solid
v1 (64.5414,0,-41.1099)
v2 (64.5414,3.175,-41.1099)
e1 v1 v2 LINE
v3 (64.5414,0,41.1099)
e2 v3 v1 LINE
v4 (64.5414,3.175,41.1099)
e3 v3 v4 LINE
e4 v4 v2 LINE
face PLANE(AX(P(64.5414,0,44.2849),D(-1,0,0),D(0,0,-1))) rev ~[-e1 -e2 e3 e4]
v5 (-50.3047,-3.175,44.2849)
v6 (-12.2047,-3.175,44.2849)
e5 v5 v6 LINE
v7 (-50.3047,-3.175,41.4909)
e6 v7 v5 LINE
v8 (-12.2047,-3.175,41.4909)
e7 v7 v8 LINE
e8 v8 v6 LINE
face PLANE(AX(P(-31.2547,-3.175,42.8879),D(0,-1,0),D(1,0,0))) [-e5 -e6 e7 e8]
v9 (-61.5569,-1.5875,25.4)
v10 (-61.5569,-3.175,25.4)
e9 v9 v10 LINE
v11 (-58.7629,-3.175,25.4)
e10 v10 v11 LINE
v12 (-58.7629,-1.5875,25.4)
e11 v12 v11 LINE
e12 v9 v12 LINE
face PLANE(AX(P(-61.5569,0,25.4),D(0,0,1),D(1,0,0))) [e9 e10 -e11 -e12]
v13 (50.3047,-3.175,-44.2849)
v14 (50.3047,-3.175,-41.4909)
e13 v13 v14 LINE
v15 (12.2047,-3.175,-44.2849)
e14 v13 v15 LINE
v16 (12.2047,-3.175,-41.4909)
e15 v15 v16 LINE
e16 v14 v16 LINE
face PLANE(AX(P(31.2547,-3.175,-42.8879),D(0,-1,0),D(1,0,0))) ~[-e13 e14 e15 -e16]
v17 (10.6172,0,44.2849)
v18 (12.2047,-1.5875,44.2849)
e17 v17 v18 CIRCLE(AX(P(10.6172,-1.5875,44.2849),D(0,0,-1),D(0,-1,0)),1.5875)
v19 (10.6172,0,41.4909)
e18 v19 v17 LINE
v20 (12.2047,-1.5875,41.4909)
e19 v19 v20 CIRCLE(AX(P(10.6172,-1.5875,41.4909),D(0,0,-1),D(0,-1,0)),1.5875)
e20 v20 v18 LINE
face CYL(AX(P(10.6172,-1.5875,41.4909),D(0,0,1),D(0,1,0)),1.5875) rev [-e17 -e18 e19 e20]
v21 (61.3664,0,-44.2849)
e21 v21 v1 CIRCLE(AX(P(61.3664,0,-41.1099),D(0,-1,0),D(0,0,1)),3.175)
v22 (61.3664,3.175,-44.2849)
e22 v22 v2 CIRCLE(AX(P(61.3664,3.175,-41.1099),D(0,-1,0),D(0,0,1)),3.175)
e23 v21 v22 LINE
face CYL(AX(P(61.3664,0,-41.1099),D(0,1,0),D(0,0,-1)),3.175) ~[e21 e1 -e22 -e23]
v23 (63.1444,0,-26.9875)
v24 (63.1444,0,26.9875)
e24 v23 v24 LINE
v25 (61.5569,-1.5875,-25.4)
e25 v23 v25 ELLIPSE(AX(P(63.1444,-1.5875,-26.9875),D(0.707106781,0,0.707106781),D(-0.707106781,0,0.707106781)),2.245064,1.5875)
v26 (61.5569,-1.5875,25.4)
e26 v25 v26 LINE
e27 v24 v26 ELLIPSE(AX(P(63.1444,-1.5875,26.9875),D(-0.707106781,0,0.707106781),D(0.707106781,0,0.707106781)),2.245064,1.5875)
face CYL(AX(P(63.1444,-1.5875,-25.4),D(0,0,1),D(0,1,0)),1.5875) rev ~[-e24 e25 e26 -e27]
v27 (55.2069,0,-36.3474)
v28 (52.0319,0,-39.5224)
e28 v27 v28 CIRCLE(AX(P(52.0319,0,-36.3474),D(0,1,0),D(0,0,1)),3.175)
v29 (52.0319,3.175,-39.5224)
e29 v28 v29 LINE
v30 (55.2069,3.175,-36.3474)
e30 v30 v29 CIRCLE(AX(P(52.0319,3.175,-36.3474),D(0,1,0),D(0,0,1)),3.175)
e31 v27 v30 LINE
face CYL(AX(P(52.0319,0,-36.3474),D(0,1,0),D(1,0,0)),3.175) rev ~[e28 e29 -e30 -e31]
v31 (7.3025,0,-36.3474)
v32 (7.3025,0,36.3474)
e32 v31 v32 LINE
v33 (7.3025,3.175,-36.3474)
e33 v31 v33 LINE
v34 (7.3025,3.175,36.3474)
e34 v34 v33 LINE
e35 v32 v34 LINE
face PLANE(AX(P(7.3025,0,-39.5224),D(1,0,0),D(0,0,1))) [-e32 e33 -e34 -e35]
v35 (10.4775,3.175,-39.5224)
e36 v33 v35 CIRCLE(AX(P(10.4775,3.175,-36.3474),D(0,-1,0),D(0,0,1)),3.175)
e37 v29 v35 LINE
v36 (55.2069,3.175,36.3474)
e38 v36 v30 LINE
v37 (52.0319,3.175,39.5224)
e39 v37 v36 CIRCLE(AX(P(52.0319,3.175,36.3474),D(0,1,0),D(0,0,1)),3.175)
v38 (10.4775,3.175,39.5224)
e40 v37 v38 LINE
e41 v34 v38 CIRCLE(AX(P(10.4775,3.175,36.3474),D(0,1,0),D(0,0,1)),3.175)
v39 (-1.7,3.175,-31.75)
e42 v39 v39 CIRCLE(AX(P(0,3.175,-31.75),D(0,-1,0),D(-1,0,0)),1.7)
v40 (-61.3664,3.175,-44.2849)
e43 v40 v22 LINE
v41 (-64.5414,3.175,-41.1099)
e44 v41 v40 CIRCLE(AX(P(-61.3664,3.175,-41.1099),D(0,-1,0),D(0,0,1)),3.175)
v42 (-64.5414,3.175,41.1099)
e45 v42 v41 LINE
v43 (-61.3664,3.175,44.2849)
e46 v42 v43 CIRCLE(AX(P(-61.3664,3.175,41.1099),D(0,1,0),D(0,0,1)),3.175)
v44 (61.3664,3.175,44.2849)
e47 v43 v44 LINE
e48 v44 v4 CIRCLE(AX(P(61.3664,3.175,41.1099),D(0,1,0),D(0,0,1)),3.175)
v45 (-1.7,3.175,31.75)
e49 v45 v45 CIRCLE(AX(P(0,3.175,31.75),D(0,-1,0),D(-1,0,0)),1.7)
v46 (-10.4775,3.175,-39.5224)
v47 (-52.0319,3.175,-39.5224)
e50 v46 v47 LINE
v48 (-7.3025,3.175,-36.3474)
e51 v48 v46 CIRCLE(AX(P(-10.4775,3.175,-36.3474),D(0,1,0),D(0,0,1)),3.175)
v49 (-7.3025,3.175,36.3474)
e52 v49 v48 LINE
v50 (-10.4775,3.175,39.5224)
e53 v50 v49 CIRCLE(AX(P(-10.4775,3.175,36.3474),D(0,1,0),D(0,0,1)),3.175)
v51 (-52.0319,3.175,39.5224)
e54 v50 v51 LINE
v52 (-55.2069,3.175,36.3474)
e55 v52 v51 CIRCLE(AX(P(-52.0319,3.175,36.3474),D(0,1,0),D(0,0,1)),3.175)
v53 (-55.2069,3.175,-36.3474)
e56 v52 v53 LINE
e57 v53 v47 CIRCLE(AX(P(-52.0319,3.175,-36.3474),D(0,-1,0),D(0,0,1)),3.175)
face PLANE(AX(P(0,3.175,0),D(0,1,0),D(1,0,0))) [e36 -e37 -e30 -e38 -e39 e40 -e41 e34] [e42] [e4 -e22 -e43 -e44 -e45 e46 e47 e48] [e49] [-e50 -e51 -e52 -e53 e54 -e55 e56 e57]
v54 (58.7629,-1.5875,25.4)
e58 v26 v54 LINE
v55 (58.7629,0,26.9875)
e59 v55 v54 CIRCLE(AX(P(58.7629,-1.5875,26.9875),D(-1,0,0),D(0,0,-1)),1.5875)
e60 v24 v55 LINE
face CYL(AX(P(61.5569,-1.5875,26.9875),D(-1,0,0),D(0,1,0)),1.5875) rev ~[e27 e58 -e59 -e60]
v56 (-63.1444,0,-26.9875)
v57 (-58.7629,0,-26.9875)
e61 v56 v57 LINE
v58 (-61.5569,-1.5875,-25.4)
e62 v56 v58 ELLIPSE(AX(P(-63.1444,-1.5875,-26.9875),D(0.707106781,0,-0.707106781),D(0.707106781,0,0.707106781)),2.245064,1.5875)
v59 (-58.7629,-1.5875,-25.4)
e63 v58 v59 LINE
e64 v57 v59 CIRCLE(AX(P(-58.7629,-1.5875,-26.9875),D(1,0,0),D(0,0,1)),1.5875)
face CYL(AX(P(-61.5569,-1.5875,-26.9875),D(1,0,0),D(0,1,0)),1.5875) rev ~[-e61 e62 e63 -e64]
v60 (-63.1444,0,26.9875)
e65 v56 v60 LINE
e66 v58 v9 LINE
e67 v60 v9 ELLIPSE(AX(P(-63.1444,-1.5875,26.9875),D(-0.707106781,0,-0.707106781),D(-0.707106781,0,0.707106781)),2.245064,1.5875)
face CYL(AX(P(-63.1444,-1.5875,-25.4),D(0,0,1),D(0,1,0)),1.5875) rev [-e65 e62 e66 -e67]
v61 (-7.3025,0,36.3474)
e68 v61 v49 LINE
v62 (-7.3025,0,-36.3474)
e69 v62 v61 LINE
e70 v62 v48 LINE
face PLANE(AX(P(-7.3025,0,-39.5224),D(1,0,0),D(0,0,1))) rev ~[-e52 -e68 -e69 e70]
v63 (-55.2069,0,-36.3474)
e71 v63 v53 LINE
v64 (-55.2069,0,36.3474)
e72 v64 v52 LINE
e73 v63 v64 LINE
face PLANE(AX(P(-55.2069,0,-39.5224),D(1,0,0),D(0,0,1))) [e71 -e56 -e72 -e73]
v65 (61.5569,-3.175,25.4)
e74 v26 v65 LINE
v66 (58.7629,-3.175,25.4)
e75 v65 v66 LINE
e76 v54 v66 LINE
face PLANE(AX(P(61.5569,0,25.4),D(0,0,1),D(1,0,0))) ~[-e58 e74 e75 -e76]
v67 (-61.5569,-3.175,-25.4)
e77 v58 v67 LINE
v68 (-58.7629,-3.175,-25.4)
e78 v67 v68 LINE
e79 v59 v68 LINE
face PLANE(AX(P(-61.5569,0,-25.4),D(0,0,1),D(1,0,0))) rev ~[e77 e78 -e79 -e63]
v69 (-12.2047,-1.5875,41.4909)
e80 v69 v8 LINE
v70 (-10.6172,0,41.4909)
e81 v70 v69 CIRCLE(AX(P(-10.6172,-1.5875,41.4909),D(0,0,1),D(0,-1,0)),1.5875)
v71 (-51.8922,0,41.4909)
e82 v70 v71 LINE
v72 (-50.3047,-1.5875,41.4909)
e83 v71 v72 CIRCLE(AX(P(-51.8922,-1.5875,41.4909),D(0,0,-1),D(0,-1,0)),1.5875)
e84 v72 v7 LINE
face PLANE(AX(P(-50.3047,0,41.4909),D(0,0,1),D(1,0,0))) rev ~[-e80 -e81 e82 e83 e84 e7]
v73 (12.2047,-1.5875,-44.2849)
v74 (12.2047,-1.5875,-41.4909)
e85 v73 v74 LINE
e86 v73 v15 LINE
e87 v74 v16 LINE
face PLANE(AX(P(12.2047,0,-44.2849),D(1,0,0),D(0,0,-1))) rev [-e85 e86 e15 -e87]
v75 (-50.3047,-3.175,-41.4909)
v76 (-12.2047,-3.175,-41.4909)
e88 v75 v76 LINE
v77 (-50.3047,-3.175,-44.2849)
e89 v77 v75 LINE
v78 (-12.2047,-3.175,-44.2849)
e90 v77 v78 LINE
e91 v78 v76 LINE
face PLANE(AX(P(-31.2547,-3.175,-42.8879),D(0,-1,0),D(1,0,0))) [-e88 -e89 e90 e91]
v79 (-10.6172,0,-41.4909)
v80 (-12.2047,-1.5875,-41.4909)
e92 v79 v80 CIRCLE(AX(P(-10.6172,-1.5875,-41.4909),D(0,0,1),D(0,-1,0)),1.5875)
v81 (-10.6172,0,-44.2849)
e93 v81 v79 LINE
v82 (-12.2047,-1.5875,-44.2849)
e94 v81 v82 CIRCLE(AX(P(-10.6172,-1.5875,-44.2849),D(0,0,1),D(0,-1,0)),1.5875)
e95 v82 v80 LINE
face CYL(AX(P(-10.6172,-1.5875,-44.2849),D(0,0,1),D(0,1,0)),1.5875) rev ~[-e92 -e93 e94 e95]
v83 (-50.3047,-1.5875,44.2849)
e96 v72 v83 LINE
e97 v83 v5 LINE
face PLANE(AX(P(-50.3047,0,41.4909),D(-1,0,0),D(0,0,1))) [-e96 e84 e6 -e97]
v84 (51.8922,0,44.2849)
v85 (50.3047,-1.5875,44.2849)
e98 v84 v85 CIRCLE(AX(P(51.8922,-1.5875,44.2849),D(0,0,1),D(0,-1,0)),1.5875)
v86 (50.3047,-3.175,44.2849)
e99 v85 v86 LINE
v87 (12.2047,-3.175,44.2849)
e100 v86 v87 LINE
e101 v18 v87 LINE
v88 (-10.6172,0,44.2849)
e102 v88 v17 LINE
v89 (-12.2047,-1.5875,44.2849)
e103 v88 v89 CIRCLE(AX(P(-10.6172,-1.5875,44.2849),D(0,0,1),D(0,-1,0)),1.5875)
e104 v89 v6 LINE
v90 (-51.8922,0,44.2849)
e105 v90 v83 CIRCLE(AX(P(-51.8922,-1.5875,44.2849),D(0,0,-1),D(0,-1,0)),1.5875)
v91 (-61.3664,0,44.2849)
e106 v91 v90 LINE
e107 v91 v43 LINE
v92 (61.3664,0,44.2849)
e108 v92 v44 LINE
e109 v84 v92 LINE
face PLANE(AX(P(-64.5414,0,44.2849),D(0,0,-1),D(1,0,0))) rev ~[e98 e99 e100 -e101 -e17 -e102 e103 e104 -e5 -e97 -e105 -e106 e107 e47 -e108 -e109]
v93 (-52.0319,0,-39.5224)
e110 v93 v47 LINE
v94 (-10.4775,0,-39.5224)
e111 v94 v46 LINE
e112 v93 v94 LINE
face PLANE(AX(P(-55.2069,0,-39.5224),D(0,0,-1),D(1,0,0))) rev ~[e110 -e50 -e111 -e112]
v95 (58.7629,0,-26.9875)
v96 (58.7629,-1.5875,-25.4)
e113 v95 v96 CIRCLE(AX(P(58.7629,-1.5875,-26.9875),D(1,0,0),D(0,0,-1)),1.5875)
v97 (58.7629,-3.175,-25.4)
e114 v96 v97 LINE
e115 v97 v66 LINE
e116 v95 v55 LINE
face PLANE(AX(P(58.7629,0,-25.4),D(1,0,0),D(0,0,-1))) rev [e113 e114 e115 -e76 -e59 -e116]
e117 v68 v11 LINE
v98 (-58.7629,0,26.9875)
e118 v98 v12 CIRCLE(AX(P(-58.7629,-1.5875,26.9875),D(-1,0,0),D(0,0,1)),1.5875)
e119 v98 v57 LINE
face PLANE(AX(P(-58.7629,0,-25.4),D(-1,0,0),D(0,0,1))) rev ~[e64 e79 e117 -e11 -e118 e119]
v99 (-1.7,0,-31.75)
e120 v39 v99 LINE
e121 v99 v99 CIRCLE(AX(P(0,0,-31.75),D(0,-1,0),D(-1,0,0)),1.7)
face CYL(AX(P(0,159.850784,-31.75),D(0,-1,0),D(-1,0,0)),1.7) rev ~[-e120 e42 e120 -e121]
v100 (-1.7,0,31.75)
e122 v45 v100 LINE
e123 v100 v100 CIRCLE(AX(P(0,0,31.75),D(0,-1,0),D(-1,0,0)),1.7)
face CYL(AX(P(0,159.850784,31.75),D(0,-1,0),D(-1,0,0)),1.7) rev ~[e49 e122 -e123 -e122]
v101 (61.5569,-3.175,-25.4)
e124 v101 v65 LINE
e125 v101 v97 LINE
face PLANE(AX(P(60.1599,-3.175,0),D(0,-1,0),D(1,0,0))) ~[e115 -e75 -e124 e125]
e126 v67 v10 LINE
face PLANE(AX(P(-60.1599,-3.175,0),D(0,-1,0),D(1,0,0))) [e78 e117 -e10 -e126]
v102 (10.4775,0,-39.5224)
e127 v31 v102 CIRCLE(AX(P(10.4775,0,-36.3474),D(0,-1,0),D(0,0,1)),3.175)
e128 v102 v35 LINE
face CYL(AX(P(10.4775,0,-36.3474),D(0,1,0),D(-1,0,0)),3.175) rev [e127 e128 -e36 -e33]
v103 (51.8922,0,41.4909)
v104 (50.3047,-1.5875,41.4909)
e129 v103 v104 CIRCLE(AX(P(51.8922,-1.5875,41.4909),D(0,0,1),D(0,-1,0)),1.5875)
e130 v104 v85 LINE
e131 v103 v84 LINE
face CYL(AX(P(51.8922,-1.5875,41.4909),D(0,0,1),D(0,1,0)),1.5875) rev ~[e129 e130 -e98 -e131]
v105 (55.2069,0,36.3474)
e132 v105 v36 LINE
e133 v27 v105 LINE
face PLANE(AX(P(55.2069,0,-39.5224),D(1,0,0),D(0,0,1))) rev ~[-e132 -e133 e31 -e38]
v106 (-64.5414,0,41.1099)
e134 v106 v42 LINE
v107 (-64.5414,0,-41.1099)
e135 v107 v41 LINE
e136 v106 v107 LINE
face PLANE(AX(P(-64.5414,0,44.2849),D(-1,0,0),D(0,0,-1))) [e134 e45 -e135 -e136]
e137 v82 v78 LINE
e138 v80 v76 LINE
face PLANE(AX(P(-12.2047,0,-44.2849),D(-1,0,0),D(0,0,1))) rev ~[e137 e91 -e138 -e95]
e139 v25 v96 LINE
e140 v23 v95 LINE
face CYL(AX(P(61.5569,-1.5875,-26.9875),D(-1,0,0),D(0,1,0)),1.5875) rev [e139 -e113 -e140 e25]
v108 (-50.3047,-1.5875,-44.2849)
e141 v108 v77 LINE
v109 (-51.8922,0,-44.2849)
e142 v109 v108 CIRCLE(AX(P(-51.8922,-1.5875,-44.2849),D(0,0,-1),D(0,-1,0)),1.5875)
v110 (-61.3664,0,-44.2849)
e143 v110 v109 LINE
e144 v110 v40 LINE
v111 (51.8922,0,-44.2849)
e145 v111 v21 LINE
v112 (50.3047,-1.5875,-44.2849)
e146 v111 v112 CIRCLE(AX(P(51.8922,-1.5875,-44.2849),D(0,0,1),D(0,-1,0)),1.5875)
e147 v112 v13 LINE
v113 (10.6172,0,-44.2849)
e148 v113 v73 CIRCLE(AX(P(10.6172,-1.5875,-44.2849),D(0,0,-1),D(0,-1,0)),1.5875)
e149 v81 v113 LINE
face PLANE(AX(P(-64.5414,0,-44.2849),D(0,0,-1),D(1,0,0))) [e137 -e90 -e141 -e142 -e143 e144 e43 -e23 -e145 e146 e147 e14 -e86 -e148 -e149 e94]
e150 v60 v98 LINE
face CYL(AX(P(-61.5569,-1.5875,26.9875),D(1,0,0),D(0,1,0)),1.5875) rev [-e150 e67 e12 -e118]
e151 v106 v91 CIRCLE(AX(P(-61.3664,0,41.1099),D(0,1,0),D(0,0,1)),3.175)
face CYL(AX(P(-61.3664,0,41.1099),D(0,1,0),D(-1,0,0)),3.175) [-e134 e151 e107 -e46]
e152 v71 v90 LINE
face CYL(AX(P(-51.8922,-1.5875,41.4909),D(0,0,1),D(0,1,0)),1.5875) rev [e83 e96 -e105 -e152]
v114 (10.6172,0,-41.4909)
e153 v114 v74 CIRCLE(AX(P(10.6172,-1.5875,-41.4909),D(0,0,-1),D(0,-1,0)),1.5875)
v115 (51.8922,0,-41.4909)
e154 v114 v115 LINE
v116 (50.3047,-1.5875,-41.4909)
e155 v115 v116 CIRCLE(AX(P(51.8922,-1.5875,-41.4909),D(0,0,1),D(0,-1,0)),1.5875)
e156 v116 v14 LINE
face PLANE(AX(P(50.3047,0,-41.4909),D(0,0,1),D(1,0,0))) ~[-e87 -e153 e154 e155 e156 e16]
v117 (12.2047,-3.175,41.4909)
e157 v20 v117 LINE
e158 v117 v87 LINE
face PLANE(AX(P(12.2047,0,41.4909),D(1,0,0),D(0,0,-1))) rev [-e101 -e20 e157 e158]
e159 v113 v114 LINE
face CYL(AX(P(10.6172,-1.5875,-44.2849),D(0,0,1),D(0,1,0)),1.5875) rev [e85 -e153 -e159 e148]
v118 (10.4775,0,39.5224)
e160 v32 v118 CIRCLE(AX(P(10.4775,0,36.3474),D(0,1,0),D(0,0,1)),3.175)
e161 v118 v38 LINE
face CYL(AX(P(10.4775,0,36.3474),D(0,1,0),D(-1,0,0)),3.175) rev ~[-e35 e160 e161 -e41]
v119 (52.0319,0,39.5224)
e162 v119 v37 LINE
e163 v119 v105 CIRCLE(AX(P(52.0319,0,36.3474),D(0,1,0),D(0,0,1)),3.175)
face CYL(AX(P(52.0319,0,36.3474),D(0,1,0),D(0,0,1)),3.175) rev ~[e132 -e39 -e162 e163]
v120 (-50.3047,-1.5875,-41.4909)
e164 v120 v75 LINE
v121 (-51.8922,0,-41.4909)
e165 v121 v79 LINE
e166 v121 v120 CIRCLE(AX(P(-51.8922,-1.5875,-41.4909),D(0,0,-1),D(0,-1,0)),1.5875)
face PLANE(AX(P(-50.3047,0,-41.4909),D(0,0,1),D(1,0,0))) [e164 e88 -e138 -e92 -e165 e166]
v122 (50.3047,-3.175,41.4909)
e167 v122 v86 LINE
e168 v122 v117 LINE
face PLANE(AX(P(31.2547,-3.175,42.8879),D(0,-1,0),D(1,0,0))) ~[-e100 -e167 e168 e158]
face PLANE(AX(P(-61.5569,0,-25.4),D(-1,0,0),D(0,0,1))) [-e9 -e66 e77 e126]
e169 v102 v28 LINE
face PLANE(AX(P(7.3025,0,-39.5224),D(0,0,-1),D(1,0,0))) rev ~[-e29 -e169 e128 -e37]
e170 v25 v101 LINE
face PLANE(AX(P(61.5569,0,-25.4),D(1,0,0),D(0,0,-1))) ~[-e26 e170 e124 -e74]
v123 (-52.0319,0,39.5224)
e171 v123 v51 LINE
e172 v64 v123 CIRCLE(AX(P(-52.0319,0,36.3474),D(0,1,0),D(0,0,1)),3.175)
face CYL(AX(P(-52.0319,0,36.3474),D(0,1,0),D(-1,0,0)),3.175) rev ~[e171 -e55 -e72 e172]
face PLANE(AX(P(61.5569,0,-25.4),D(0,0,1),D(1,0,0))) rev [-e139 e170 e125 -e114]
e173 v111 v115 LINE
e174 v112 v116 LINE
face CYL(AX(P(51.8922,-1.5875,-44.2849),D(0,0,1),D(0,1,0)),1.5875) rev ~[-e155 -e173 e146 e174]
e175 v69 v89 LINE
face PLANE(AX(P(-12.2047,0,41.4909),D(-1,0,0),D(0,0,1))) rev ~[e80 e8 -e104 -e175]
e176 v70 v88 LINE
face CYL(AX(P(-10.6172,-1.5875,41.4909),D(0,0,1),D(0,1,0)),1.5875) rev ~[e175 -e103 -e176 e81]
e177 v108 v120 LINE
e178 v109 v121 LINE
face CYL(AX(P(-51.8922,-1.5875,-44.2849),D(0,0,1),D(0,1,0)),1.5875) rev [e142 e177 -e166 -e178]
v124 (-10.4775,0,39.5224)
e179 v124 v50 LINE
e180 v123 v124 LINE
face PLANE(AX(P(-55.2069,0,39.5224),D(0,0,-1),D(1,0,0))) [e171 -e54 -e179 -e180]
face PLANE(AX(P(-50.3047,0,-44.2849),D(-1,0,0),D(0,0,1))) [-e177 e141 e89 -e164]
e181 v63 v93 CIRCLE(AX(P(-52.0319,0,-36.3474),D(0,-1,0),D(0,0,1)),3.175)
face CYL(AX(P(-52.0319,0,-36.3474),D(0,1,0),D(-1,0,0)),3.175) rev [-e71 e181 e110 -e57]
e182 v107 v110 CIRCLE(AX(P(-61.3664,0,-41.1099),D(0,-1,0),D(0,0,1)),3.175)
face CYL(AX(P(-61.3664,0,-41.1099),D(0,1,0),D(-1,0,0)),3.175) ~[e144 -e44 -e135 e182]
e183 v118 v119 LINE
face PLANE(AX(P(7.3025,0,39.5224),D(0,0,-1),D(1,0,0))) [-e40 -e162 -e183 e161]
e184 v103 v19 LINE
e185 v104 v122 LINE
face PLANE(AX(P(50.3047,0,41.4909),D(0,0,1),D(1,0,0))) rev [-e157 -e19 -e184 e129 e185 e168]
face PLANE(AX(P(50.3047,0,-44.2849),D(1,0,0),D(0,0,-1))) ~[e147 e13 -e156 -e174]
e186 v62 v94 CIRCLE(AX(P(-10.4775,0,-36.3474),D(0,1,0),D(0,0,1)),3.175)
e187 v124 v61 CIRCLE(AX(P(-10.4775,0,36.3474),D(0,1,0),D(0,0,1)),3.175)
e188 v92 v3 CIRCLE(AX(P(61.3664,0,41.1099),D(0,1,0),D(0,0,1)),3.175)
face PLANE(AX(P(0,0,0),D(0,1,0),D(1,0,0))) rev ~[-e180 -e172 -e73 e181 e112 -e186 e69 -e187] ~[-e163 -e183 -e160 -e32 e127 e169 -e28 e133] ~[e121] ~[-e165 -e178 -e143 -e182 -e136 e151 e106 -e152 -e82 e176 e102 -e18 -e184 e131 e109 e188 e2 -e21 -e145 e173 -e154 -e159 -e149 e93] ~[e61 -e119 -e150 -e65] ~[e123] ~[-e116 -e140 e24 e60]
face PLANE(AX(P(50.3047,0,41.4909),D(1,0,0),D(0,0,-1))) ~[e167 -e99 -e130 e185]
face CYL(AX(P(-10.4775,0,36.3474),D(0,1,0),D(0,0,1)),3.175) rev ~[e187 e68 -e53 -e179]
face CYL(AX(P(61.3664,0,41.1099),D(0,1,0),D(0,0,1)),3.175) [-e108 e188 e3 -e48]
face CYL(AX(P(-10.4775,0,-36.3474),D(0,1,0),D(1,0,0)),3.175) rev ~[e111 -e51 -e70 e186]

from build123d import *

# Parameters (mm, degrees)
SKETCH1_W            = 129.0828
SKETCH1_H            = 88.5698
BOSS_EXTRUDE1_DEPTH  = 3.175
SKETCH3_W            = 47.9044
SKETCH3_H            = 79.0448
CUT_EXTRUDE1_DEPTH   = 4.175
FILLET1_R            = 3.175
SKETCH5_W            = 38.1
SKETCH5_H            = 2.794
SKETCH5_W_2          = 2.794
SKETCH5_H_2          = 50.8
BOSS_EXTRUDE2_DEPTH  = 3.175
FILLET2_R            = 1.5875
FILLET2_OF_MIRROR1_R = 1.5875
M3_CLEARANCE_HOLE1_D = 3.4


with BuildPart() as part:
    # Sketch1 → Boss-Extrude1 (new body)
    with BuildSketch(Plane(origin=(0, 0, 0), x_dir=(1, 0, 0), z_dir=(0, 1, 0))):
        Rectangle(SKETCH1_W, SKETCH1_H)
    extrude(amount=BOSS_EXTRUDE1_DEPTH)

    # Sketch3 → Cut-Extrude1 (cut, through all)
    with BuildSketch(Plane.XZ):
        with Locations((-31.2547, 0)):
            Rectangle(SKETCH3_W, SKETCH3_H)
        with Locations((31.2547, 0)):
            Rectangle(SKETCH3_W, SKETCH3_H)
    extrude(amount=-CUT_EXTRUDE1_DEPTH, mode=Mode.SUBTRACT)

    # Fillet1
    fillet1_edges = [part.edges().sort_by_distance(p)[0] for p in [
        (-7.3025, 1.5875, -39.5224),
        (-55.2069, 1.5875, -39.5224),
        (-55.2069, 1.5875, 39.5224),
        (-7.3025, 1.5875, 39.5224),
        (55.2069, 1.5875, -39.5224),
        (7.3025, 1.5875, -39.5224),
        (7.3025, 1.5875, 39.5224),
        (55.2069, 1.5875, 39.5224),
        (-64.5414, 1.5875, -44.2849),
        (64.5414, 1.5875, -44.2849),
        (64.5414, 1.5875, 44.2849),
        (-64.5414, 1.5875, 44.2849),
    ]]
    fillet(fillet1_edges, radius=FILLET1_R)

    # Sketch5 → Boss-Extrude2 (add)
    with BuildSketch(Plane.XZ):
        with Locations((-31.2547, 42.8879)):
            Rectangle(SKETCH5_W, SKETCH5_H)
        with Locations((-60.1599, 0)):
            Rectangle(SKETCH5_W_2, SKETCH5_H_2)
        with Locations((-31.2547, -42.8879)):
            Rectangle(SKETCH5_W, SKETCH5_H)
    boss_extrude2 = extrude(amount=BOSS_EXTRUDE2_DEPTH)

    # Fillet2
    fillet2_edges = [part.edges().sort_by_distance(p)[0] for p in [
        (-50.3047, 0, 42.8879),
        (-12.2047, 0, 42.8879),
        (-61.5569, 0, 0),
        (-60.1599, 0, -25.4),
        (-60.1599, 0, 25.4),
        (-50.3047, 0, -42.8879),
        (-12.2047, 0, -42.8879),
    ]]
    fillet(fillet2_edges, radius=FILLET2_R)

    # Mirror1: Boss-Extrude2 across plane
    add(boss_extrude2.mirror(Plane(origin=(0, 0, 0), x_dir=(0, 0, 1), z_dir=(1, 0, 0))))

    # Fillet2 of Mirror1
    fillet2_of_mirror1_edges = [part.edges().sort_by_distance(p)[0] for p in [
        (50.3047, 0, 42.8879),
        (12.2047, 0, 42.8879),
        (61.5569, 0, 0),
        (60.1599, 0, -25.4),
        (60.1599, 0, 25.4),
        (50.3047, 0, -42.8879),
        (12.2047, 0, -42.8879),
    ]]
    fillet(fillet2_of_mirror1_edges, radius=FILLET2_OF_MIRROR1_R)

    # M3 Clearance Hole1 (through all)
    with Locations(Plane(origin=(0, 3.175, 0), x_dir=(1, 0, 0), z_dir=(0, 1, 0))):
        with Locations((0, 31.75), (0, -31.75)):
            Hole(M3_CLEARANCE_HOLE1_D / 2)


solid = part.part
